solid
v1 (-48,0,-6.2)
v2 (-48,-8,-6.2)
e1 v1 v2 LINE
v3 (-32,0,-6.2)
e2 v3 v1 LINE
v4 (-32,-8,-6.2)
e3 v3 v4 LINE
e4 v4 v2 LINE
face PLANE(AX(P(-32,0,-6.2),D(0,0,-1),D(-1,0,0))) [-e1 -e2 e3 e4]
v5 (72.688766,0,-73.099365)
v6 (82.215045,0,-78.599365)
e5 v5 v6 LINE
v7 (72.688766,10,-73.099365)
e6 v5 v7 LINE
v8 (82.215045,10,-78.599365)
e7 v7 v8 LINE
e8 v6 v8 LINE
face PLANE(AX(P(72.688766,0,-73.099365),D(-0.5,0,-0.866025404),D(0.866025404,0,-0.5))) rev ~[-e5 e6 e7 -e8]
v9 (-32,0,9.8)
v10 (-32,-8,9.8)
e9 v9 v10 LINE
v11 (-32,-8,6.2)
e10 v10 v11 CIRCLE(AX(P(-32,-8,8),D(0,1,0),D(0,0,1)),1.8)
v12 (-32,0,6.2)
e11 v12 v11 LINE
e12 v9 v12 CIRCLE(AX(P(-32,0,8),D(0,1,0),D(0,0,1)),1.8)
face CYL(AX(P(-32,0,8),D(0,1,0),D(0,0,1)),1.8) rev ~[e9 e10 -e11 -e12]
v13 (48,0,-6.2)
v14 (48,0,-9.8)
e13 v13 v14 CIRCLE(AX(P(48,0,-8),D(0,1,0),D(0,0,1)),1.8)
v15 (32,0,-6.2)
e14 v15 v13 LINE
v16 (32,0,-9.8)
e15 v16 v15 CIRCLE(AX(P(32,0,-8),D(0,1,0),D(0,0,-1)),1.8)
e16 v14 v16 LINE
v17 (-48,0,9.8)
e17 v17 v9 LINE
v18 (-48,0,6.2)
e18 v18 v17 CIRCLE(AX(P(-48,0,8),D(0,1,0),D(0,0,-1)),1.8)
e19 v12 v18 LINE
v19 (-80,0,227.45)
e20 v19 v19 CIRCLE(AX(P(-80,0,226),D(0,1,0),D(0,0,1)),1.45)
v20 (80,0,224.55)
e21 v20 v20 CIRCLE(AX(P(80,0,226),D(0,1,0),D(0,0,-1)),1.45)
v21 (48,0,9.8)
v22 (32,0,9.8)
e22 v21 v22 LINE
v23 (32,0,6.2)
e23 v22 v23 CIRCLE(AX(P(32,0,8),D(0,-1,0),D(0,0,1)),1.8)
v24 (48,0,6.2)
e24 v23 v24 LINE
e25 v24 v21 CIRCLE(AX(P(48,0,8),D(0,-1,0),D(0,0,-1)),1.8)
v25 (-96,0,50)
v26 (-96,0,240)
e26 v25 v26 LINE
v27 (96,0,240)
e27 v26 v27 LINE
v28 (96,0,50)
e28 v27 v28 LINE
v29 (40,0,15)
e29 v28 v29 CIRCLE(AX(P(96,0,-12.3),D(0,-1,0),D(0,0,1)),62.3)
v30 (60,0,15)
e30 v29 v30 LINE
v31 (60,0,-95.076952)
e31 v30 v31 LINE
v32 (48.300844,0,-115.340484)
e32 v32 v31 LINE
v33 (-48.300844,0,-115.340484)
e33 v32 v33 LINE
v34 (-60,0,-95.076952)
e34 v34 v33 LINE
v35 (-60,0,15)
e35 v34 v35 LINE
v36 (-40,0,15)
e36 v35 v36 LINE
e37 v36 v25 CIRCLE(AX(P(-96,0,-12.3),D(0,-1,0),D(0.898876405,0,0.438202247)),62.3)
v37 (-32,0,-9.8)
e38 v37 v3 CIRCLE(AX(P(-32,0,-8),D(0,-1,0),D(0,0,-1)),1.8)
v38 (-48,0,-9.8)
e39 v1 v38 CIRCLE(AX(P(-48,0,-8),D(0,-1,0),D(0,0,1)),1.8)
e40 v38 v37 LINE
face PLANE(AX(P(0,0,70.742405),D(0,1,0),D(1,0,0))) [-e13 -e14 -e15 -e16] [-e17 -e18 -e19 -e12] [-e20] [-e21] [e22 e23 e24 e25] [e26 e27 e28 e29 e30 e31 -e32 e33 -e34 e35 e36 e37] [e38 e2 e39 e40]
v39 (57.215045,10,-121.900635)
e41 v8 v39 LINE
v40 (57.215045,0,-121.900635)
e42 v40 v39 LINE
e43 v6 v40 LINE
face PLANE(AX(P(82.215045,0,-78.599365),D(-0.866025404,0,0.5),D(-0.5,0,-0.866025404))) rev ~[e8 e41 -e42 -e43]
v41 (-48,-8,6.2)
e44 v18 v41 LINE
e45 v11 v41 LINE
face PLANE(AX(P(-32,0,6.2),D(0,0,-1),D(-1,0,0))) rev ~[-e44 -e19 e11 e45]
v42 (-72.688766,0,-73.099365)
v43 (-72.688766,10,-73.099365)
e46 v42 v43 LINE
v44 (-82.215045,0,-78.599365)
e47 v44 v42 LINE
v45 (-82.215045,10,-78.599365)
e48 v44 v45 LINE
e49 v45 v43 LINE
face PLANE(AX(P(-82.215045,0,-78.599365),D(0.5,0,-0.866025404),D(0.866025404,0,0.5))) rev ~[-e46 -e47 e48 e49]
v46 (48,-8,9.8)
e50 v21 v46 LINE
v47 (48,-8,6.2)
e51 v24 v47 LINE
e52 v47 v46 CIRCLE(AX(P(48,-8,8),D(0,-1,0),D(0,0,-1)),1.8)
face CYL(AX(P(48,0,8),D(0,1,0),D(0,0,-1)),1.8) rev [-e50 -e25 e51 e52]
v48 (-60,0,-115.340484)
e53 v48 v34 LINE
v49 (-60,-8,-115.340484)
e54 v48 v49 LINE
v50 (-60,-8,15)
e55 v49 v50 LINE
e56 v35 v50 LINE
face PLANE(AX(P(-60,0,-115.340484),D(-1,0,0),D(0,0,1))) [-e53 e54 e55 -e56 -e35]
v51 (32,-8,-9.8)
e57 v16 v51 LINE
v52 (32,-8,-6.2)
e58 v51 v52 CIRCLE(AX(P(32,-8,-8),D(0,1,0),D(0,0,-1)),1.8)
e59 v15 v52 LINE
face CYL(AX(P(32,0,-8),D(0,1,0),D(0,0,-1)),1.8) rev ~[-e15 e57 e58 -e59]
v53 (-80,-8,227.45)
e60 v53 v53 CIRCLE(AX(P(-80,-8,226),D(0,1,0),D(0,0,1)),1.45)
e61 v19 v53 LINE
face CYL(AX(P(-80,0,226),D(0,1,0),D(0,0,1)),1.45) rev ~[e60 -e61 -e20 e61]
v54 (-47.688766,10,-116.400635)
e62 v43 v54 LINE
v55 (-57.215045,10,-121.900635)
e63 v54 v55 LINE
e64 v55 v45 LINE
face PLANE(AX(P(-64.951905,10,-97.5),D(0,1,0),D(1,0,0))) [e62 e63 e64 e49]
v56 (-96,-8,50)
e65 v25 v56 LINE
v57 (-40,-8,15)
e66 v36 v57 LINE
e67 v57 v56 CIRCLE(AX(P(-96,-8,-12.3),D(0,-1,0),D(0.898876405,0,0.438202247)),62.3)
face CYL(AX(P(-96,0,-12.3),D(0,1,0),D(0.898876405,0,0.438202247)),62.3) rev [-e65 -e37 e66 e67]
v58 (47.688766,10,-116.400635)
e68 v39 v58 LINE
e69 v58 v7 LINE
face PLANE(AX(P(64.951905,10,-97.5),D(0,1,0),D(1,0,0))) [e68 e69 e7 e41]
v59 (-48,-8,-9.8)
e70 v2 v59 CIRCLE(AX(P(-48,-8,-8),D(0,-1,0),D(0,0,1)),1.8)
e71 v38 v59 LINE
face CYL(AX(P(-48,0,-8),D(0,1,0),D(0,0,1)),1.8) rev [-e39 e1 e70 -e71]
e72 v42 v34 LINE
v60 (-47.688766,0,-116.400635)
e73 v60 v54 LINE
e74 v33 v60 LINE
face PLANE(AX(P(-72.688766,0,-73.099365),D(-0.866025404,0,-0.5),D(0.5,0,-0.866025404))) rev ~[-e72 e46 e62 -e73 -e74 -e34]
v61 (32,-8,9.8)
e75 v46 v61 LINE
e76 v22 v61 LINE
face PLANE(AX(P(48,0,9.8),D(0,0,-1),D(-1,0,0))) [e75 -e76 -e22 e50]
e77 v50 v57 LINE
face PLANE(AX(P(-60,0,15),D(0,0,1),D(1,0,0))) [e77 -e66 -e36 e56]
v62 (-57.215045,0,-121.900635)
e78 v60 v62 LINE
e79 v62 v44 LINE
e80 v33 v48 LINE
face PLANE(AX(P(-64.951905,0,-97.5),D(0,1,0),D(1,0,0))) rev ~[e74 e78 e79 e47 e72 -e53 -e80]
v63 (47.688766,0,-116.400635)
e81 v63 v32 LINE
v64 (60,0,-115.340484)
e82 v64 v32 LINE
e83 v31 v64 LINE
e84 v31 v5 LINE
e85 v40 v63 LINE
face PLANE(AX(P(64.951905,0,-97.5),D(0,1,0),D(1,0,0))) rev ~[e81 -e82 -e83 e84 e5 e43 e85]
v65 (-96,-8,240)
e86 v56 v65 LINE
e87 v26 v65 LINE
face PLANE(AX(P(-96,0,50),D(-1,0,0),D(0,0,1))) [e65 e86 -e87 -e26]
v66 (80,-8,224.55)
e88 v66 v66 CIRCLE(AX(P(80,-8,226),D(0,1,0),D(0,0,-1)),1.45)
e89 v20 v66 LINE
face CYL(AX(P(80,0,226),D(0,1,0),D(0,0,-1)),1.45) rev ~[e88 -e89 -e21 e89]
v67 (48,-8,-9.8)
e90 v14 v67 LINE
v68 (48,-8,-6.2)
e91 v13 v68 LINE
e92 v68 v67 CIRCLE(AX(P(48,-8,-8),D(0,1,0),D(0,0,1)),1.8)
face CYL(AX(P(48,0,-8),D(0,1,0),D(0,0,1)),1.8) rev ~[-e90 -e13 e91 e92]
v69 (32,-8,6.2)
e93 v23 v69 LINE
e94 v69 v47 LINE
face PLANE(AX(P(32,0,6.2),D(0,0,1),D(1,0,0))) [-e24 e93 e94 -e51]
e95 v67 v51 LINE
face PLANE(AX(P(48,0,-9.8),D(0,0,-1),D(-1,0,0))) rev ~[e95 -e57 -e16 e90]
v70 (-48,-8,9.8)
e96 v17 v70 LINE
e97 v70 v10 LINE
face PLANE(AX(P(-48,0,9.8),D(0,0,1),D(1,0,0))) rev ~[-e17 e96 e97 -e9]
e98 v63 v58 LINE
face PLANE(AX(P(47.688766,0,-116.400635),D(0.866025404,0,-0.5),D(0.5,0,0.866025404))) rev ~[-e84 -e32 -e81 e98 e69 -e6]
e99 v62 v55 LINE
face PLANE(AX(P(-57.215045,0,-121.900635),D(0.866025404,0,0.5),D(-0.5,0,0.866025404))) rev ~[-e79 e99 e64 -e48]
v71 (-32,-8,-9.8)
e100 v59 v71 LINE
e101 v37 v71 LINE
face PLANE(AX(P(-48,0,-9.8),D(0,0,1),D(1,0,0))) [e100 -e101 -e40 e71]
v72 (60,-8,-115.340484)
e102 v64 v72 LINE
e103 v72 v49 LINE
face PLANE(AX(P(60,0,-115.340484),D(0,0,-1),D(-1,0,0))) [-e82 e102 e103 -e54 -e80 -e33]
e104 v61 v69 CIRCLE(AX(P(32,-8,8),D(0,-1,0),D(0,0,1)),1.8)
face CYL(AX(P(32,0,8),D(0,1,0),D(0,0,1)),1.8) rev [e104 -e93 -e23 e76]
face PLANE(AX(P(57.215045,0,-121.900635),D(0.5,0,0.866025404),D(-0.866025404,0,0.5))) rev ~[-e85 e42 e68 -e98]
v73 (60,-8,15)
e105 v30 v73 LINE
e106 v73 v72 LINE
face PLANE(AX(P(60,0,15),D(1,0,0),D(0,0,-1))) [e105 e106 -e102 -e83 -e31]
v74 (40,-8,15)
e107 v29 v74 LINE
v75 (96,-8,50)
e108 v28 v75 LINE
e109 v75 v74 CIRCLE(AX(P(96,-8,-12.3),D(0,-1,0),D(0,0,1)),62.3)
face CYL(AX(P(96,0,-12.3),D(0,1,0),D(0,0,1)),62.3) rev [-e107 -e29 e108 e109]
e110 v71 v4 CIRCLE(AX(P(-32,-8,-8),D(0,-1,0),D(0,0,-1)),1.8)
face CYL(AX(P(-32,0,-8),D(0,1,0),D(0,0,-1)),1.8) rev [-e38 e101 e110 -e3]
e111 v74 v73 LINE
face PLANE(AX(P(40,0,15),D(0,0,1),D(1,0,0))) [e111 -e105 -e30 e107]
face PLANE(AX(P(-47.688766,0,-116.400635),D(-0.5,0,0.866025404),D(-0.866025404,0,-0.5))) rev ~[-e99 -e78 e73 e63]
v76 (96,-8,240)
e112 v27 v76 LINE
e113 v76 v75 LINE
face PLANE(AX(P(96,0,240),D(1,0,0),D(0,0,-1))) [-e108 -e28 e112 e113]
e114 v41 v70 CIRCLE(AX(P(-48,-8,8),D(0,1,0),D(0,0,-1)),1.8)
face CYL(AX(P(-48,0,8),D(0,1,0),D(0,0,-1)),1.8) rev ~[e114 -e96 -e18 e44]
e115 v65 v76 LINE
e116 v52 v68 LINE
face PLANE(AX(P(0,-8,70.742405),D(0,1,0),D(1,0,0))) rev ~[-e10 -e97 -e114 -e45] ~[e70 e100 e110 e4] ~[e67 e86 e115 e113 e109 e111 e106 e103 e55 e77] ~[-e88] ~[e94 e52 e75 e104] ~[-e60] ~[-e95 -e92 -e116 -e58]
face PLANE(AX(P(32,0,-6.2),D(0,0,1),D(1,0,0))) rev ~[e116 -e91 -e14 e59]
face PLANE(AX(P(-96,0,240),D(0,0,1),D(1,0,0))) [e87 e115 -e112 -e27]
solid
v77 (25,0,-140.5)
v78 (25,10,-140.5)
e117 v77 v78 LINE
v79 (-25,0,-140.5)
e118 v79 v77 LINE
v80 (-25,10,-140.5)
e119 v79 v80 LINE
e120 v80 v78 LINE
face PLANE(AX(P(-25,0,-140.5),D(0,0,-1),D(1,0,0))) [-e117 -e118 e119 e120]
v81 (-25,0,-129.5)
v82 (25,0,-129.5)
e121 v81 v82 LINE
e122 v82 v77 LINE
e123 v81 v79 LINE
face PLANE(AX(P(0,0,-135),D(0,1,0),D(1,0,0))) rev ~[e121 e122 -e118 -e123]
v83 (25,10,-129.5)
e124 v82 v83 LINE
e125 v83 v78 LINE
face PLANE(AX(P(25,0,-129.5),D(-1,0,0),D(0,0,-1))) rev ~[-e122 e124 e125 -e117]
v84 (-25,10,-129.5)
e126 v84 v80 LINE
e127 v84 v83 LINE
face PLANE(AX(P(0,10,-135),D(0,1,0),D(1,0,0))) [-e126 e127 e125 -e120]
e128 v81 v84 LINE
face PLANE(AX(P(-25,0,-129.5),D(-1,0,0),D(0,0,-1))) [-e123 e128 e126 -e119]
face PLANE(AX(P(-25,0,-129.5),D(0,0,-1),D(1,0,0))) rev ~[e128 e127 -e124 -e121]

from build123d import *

# Parameters (mm, degrees)
EXTRUDE_1_DEPTH     = 8
SKETCH_2_W          = 50
SKETCH_2_H          = 11
EXTRUDE_2_DEPTH     = 10
SKETCH_4_R          = 1.45
CUT_EXTRUDE_1_DEPTH = 259.681271065


with BuildPart() as part:
    # 草图1 → 凸台-拉伸1 (new body)
    with BuildSketch(Plane(origin=(0, 0, 0), x_dir=(1, 0, 0), z_dir=(0, 1, 0))):
        with BuildLine():
            Line((-60, 15), (-60, -15))
            Line((-60, -15), (-40, -15))
            ThreePointArc((-40, -15), (-62.981066038, -40.53029434), (-96, -50))
            Line((-96, -50), (-96, -240))
            Line((-96, -240), (-40, -240))
            Line((-40, -240), (40, -240))
            Line((40, -240), (96, -240))
            Line((96, -240), (96, -50))
            ThreePointArc((96, -50), (62.981066038, -40.53029434), (40, -15))
            Line((40, -15), (60, -15))
            Line((60, -15), (60, 15))
            Line((60, 15), (60, 115.340483965))
            Line((60, 115.340483965), (-60, 115.340483965))
            Line((-60, 115.340483965), (-60, 15))
        make_face()
        with BuildLine():
            Line((-48, 9.8), (-32, 9.8))
            ThreePointArc((-32, 9.8), (-30.2, 8), (-32, 6.2))
            Line((-32, 6.2), (-48, 6.2))
            ThreePointArc((-48, 6.2), (-49.8, 8), (-48, 9.8))
        make_face(mode=Mode.SUBTRACT)
        with BuildLine():
            Line((-48, -9.8), (-32, -9.8))
            ThreePointArc((-32, -9.8), (-30.2, -8), (-32, -6.2))
            Line((-32, -6.2), (-48, -6.2))
            ThreePointArc((-48, -6.2), (-49.8, -8), (-48, -9.8))
        make_face(mode=Mode.SUBTRACT)
        with BuildLine():
            Line((48, 9.8), (32, 9.8))
            ThreePointArc((32, 9.8), (30.2, 8), (32, 6.2))
            Line((32, 6.2), (48, 6.2))
            ThreePointArc((48, 6.2), (49.8, 8), (48, 9.8))
        make_face(mode=Mode.SUBTRACT)
        with BuildLine():
            Line((48, -9.8), (32, -9.8))
            ThreePointArc((32, -9.8), (30.2, -8), (32, -6.2))
            Line((32, -6.2), (48, -6.2))
            ThreePointArc((48, -6.2), (49.8, -8), (48, -9.8))
        make_face(mode=Mode.SUBTRACT)
    extrude(amount=-EXTRUDE_1_DEPTH)

    # 草图2 → 凸台-拉伸2 (add)
    with BuildSketch(Plane(origin=(0, 0, 0), x_dir=(1, 0, 0), z_dir=(0, 1, 0))):
        Polygon((72.688765563, 73.099364905), (82.215045005, 78.599364905), (57.215045005, 121.900635095), (47.688765563, 116.400635095), align=None)
        Polygon((-47.688765563, 116.400635095), (-57.215045005, 121.900635095), (-82.215045005, 78.599364905), (-72.688765563, 73.099364905), align=None)
        with Locations((0, 135)):
            Rectangle(SKETCH_2_W, SKETCH_2_H)
    extrude(amount=EXTRUDE_2_DEPTH)


with BuildPart() as extrude_2_piece_1:
    # of the separate pieces the step leaves, piece 1, a body of its own (extrude_2_pieces)
    add(part.part.solids().sort_by_distance((40, 0, 15))[0])

    # 草图4 → 切除-拉伸1 (cut, through all)
    with BuildSketch(Plane(origin=(0, 0, 0), x_dir=(1, 0, 0), z_dir=(0, 1, 0))):
        with Locations(Location((-80, -226, 0), (0, 0, 270))):
            Circle(SKETCH_4_R)
        with Locations(Location((80, -226, 0), (0, 0, 90))):
            Circle(SKETCH_4_R)
    extrude(amount=-CUT_EXTRUDE_1_DEPTH, mode=Mode.SUBTRACT)


with BuildPart() as extrude_2_piece_2:
    # of the separate pieces the step leaves, piece 2, a body of its own (extrude_2_pieces)
    add(part.part.solids().sort_by_distance((25, 0, -129.5))[0])


solid = Compound([extrude_2_piece_1.part, extrude_2_piece_2.part])
